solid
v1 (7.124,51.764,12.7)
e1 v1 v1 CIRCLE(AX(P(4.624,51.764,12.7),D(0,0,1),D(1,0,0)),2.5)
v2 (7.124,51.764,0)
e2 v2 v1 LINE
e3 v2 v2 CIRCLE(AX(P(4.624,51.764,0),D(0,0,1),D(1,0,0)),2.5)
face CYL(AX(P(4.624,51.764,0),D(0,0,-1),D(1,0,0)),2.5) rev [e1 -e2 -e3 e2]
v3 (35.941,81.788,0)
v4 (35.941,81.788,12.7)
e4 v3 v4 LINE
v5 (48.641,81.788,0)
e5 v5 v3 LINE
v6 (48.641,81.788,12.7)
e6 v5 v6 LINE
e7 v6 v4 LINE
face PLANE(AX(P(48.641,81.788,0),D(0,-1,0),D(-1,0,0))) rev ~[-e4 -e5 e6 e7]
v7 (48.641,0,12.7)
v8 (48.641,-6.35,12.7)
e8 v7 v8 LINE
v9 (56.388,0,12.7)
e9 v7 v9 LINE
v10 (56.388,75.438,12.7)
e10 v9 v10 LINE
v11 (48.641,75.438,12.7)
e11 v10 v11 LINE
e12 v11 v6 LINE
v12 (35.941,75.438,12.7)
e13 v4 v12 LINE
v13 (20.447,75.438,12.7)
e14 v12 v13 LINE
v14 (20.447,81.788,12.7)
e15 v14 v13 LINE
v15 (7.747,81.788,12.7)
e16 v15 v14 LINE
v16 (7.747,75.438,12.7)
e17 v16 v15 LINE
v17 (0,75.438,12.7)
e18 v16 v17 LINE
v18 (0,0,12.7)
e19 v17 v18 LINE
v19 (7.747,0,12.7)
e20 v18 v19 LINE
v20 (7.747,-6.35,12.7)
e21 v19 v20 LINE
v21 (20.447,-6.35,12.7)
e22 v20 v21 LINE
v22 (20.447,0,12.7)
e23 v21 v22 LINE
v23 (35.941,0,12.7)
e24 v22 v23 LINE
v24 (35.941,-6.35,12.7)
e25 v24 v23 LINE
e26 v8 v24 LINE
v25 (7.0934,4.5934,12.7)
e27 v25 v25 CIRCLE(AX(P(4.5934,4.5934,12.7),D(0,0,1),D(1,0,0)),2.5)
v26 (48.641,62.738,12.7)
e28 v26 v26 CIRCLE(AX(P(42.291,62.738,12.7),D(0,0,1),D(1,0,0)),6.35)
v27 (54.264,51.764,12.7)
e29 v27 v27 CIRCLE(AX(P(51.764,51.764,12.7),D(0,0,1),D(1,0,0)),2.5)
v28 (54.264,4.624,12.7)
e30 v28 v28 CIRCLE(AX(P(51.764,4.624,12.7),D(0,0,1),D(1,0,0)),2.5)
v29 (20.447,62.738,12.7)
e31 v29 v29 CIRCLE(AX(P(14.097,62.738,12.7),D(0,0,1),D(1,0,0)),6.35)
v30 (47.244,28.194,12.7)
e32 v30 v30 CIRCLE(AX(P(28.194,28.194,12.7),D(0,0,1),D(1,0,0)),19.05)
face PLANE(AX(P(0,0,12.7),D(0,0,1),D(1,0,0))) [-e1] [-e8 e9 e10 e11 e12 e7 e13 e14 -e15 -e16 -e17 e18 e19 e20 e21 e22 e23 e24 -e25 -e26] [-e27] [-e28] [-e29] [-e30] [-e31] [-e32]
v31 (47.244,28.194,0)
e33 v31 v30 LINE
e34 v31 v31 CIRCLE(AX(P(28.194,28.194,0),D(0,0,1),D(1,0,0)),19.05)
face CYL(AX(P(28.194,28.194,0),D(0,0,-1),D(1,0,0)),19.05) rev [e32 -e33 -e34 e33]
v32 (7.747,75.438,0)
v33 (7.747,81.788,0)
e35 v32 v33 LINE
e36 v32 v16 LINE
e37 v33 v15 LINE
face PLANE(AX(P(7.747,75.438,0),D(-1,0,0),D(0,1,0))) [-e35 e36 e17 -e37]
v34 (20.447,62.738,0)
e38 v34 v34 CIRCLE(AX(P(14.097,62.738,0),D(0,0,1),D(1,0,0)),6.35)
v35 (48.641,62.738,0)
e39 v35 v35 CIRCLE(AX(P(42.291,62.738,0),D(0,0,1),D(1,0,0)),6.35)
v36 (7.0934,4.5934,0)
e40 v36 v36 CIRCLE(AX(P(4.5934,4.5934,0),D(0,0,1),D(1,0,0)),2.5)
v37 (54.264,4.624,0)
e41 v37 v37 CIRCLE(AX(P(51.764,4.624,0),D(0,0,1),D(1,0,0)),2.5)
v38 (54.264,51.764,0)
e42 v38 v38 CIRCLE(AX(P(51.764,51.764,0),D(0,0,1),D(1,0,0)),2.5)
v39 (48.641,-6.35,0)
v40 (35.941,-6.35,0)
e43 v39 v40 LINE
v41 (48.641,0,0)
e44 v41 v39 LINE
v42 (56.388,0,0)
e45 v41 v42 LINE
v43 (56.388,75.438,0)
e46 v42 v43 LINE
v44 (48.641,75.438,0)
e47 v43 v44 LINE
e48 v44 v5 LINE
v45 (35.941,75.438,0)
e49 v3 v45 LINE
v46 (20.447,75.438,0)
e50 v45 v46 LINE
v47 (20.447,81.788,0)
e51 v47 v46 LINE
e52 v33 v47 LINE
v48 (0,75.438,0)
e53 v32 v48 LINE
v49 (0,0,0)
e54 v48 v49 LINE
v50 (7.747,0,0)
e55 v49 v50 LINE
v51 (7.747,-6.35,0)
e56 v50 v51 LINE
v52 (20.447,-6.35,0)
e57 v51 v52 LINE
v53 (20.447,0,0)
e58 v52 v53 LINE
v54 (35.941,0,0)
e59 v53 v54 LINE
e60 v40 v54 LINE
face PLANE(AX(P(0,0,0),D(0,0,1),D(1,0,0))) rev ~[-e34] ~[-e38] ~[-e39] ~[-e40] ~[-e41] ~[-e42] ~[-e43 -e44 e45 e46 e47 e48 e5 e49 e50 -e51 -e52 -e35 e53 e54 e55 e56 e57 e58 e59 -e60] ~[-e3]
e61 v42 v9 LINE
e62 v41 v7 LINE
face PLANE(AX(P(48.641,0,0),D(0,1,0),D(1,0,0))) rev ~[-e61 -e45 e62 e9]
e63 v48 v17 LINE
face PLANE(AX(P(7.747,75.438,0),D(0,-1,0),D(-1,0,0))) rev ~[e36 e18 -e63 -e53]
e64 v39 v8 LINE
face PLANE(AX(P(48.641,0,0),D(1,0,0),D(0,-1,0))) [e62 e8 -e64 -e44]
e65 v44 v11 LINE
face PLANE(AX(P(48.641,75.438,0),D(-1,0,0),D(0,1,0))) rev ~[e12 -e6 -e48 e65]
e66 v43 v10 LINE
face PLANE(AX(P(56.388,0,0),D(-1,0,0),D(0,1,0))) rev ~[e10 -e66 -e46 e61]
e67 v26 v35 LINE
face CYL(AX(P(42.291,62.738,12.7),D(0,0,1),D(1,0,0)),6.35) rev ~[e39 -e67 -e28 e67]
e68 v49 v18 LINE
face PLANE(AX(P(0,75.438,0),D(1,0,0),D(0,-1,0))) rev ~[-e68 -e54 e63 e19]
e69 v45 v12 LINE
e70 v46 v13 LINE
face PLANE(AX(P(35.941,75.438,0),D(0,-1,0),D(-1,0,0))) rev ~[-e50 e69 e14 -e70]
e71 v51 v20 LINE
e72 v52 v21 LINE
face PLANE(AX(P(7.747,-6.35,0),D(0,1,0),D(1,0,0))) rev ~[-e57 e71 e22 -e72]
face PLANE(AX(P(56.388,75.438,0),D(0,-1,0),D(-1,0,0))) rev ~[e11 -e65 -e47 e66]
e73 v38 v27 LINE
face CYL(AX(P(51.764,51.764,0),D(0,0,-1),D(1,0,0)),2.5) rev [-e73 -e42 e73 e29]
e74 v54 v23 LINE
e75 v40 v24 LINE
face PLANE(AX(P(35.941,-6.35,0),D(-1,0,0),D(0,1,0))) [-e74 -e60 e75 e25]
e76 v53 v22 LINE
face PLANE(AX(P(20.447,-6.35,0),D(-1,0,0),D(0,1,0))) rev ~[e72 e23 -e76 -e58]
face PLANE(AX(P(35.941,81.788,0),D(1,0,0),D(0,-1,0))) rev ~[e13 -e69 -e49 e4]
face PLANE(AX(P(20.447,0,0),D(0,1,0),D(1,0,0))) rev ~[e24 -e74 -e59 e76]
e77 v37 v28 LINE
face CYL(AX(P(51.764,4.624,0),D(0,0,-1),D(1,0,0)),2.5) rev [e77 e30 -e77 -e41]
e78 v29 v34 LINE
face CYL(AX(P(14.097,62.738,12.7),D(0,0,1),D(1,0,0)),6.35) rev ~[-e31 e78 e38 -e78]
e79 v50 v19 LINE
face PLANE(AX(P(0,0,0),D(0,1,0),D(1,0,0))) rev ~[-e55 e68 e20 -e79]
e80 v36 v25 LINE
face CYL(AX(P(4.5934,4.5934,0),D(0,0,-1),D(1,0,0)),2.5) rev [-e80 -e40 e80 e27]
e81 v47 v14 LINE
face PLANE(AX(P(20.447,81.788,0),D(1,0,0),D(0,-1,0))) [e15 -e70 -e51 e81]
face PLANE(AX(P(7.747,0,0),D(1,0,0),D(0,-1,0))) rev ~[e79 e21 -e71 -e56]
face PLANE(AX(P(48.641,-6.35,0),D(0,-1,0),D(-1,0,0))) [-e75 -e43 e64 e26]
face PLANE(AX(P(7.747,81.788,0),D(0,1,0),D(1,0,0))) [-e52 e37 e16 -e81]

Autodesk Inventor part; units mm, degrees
ref_plane "YZ Plane" through (0, 0, 0) normal (1, 0, 0) x (0, 1, 0)
ref_plane "XZ Plane" through (0, 0, 0) normal (0, 1, 0) x (-1, 0, 0)
ref_plane "XY Plane" through (0, 0, 0) normal (0, 0, 1) x (1, 0, 0)
sketch "Sketch1" plane through (0, 0, 0) normal (0, 0, 1) x (1, 0, 0)
  line L0 (56.388, 0) -> (56.388, 75.438)
  line L1 (0, 75.438) -> (0, 0)
  circle A0 centre (28.194, 28.194) radius 19.05
  line L2 (0, 75.438) -> (4.6228, 75.438) construction
  line L3 (4.6228, 75.438) -> (4.6228, 70.8152) construction
  line L4 (4.6228, 70.8152) -> (0, 70.8152) construction
  line L5 (0, 70.8152) -> (0, 75.438) construction
  line L6 (28.194, 75.438) -> (28.194, 0) construction
  line L7 (56.388, 37.719) -> (0, 37.719) construction
  line L8 (28.194, 75.438) -> (0, 75.438) construction
  line L9 (28.194, 75.438) -> (0, 75.438) construction
  line L10 (14.097, 75.438) -> (14.097, 78.613) construction
  line L11 (7.747, 81.788) -> (20.447, 81.788)
  line L12 (20.447, 81.788) -> (20.447, 75.438)
  line L13 (7.747, 75.438) -> (7.747, 81.788)
  line L14 (7.747, 81.788) -> (20.447, 75.438) construction
  line L15 (20.447, 81.788) -> (7.747, 75.438) construction
  line L16 (7.747, 75.438) -> (0, 75.438)
  line L17 (42.291, 75.438) -> (42.291, 78.613) construction
  line L18 (48.641, 81.788) -> (35.941, 81.788)
  line L19 (35.941, 81.788) -> (35.941, 75.438)
  line L20 (48.641, 75.438) -> (48.641, 81.788)
  line L21 (48.641, 81.788) -> (35.941, 75.438) construction
  line L22 (35.941, 81.788) -> (48.641, 75.438) construction
  line L23 (56.388, 75.438) -> (48.641, 75.438)
  line L24 (35.941, 75.438) -> (20.447, 75.438)
  line L25 (14.097, 0) -> (14.097, -3.175) construction
  line L26 (7.747, -6.35) -> (20.447, -6.35)
  line L27 (20.447, -6.35) -> (20.447, 0)
  line L28 (7.747, 0) -> (7.747, -6.35)
  line L29 (7.747, -6.35) -> (20.447, 0) construction
  line L30 (20.447, -6.35) -> (7.747, 0) construction
  line L31 (42.291, 0) -> (42.291, -3.175) construction
  line L32 (48.641, -6.35) -> (35.941, -6.35)
  line L33 (35.941, -6.35) -> (35.941, 0)
  line L34 (48.641, -6.35) -> (35.941, 0) construction
  line L35 (35.941, -6.35) -> (48.641, 0) construction
  line L36 (48.641, 0) -> (48.641, -6.35)
  line L37 (0, 0) -> (7.747, 0)
  line L38 (20.447, 0) -> (35.941, 0)
  line L39 (48.641, 0) -> (56.388, 0)
  line L40 (56.394, -0.006) -> (-0.006, -0.006) construction
  line L41 (-0.006, -0.006) -> (-0.006, 56.394) construction
  line L42 (-0.006, 56.394) -> (56.394, 56.394) construction
  line L43 (0, 56.4) -> (0, 0) construction
  line L44 (-0.006, -0.006) -> (56.394, 56.394) construction
  line L45 (51.764, 4.624) -> (4.624, 4.624) construction
  line L46 (4.624, 4.624) -> (4.624, 51.764) construction
  line L47 (4.624, 51.764) -> (51.764, 51.764) construction
  line L48 (51.764, 51.764) -> (51.764, 4.624) construction
  line L49 (51.764, 4.624) -> (4.624, 51.764) construction
  line L50 (4.624, 4.624) -> (51.764, 51.764) construction
  circle A1 centre (4.5934, 4.5934) radius 2.5
  circle A2 centre (4.624, 51.764) radius 2.5
  circle A3 centre (51.764, 51.764) radius 2.5
  circle A4 centre (51.764, 4.624) radius 2.5
  point P0 (28.194, 28.194)
  dimension "d0" = 75.438
  dimension "d1" = 56.388
  dimension "d2" = 38.1
  dimension "d8" = 4.6228
  dimension "d16" = 3.175
  dimension "d18" = 12.7
  dimension "d19" = 47.14
  dimension "d20" = 47.14
  dimension "d21" = 5
  dimension "d22" = 5
  dimension "d23" = 5
  dimension "d24" = 5
extrude "Extrusion2" add sketch "Sketch1" along normal blind 12.7
sketch "Sketch2" plane through (0, 0, 12.7) normal (0, 0, 1) x (1, 0, 0)
  line L0 (0, 0) -> (0, 75.438) construction
  line L1 (0, 75.438) -> (0, 62.738) construction
  line L2 (0, 75.438) -> (12.7, 75.438) construction
  line L3 (0, 62.738) -> (56.388, 62.738) construction
  line L4 (28.194, 62.738) -> (0, 62.738) construction
  circle A0 centre (14.097, 62.738) radius 6.35
  line L5 (28.194, 62.738) -> (28.194, 75.438) construction
  circle A1 centre (42.291, 62.738) radius 6.35
  dimension "d27" = 12.7
  dimension "d28" = 90
  dimension "d29" = 56.388
  dimension "d30" = 90
  dimension "d31" = 12.7
extrude "Extrusion3" cut sketch "Sketch2" against normal through all
properties part number "Motor Bracket"
